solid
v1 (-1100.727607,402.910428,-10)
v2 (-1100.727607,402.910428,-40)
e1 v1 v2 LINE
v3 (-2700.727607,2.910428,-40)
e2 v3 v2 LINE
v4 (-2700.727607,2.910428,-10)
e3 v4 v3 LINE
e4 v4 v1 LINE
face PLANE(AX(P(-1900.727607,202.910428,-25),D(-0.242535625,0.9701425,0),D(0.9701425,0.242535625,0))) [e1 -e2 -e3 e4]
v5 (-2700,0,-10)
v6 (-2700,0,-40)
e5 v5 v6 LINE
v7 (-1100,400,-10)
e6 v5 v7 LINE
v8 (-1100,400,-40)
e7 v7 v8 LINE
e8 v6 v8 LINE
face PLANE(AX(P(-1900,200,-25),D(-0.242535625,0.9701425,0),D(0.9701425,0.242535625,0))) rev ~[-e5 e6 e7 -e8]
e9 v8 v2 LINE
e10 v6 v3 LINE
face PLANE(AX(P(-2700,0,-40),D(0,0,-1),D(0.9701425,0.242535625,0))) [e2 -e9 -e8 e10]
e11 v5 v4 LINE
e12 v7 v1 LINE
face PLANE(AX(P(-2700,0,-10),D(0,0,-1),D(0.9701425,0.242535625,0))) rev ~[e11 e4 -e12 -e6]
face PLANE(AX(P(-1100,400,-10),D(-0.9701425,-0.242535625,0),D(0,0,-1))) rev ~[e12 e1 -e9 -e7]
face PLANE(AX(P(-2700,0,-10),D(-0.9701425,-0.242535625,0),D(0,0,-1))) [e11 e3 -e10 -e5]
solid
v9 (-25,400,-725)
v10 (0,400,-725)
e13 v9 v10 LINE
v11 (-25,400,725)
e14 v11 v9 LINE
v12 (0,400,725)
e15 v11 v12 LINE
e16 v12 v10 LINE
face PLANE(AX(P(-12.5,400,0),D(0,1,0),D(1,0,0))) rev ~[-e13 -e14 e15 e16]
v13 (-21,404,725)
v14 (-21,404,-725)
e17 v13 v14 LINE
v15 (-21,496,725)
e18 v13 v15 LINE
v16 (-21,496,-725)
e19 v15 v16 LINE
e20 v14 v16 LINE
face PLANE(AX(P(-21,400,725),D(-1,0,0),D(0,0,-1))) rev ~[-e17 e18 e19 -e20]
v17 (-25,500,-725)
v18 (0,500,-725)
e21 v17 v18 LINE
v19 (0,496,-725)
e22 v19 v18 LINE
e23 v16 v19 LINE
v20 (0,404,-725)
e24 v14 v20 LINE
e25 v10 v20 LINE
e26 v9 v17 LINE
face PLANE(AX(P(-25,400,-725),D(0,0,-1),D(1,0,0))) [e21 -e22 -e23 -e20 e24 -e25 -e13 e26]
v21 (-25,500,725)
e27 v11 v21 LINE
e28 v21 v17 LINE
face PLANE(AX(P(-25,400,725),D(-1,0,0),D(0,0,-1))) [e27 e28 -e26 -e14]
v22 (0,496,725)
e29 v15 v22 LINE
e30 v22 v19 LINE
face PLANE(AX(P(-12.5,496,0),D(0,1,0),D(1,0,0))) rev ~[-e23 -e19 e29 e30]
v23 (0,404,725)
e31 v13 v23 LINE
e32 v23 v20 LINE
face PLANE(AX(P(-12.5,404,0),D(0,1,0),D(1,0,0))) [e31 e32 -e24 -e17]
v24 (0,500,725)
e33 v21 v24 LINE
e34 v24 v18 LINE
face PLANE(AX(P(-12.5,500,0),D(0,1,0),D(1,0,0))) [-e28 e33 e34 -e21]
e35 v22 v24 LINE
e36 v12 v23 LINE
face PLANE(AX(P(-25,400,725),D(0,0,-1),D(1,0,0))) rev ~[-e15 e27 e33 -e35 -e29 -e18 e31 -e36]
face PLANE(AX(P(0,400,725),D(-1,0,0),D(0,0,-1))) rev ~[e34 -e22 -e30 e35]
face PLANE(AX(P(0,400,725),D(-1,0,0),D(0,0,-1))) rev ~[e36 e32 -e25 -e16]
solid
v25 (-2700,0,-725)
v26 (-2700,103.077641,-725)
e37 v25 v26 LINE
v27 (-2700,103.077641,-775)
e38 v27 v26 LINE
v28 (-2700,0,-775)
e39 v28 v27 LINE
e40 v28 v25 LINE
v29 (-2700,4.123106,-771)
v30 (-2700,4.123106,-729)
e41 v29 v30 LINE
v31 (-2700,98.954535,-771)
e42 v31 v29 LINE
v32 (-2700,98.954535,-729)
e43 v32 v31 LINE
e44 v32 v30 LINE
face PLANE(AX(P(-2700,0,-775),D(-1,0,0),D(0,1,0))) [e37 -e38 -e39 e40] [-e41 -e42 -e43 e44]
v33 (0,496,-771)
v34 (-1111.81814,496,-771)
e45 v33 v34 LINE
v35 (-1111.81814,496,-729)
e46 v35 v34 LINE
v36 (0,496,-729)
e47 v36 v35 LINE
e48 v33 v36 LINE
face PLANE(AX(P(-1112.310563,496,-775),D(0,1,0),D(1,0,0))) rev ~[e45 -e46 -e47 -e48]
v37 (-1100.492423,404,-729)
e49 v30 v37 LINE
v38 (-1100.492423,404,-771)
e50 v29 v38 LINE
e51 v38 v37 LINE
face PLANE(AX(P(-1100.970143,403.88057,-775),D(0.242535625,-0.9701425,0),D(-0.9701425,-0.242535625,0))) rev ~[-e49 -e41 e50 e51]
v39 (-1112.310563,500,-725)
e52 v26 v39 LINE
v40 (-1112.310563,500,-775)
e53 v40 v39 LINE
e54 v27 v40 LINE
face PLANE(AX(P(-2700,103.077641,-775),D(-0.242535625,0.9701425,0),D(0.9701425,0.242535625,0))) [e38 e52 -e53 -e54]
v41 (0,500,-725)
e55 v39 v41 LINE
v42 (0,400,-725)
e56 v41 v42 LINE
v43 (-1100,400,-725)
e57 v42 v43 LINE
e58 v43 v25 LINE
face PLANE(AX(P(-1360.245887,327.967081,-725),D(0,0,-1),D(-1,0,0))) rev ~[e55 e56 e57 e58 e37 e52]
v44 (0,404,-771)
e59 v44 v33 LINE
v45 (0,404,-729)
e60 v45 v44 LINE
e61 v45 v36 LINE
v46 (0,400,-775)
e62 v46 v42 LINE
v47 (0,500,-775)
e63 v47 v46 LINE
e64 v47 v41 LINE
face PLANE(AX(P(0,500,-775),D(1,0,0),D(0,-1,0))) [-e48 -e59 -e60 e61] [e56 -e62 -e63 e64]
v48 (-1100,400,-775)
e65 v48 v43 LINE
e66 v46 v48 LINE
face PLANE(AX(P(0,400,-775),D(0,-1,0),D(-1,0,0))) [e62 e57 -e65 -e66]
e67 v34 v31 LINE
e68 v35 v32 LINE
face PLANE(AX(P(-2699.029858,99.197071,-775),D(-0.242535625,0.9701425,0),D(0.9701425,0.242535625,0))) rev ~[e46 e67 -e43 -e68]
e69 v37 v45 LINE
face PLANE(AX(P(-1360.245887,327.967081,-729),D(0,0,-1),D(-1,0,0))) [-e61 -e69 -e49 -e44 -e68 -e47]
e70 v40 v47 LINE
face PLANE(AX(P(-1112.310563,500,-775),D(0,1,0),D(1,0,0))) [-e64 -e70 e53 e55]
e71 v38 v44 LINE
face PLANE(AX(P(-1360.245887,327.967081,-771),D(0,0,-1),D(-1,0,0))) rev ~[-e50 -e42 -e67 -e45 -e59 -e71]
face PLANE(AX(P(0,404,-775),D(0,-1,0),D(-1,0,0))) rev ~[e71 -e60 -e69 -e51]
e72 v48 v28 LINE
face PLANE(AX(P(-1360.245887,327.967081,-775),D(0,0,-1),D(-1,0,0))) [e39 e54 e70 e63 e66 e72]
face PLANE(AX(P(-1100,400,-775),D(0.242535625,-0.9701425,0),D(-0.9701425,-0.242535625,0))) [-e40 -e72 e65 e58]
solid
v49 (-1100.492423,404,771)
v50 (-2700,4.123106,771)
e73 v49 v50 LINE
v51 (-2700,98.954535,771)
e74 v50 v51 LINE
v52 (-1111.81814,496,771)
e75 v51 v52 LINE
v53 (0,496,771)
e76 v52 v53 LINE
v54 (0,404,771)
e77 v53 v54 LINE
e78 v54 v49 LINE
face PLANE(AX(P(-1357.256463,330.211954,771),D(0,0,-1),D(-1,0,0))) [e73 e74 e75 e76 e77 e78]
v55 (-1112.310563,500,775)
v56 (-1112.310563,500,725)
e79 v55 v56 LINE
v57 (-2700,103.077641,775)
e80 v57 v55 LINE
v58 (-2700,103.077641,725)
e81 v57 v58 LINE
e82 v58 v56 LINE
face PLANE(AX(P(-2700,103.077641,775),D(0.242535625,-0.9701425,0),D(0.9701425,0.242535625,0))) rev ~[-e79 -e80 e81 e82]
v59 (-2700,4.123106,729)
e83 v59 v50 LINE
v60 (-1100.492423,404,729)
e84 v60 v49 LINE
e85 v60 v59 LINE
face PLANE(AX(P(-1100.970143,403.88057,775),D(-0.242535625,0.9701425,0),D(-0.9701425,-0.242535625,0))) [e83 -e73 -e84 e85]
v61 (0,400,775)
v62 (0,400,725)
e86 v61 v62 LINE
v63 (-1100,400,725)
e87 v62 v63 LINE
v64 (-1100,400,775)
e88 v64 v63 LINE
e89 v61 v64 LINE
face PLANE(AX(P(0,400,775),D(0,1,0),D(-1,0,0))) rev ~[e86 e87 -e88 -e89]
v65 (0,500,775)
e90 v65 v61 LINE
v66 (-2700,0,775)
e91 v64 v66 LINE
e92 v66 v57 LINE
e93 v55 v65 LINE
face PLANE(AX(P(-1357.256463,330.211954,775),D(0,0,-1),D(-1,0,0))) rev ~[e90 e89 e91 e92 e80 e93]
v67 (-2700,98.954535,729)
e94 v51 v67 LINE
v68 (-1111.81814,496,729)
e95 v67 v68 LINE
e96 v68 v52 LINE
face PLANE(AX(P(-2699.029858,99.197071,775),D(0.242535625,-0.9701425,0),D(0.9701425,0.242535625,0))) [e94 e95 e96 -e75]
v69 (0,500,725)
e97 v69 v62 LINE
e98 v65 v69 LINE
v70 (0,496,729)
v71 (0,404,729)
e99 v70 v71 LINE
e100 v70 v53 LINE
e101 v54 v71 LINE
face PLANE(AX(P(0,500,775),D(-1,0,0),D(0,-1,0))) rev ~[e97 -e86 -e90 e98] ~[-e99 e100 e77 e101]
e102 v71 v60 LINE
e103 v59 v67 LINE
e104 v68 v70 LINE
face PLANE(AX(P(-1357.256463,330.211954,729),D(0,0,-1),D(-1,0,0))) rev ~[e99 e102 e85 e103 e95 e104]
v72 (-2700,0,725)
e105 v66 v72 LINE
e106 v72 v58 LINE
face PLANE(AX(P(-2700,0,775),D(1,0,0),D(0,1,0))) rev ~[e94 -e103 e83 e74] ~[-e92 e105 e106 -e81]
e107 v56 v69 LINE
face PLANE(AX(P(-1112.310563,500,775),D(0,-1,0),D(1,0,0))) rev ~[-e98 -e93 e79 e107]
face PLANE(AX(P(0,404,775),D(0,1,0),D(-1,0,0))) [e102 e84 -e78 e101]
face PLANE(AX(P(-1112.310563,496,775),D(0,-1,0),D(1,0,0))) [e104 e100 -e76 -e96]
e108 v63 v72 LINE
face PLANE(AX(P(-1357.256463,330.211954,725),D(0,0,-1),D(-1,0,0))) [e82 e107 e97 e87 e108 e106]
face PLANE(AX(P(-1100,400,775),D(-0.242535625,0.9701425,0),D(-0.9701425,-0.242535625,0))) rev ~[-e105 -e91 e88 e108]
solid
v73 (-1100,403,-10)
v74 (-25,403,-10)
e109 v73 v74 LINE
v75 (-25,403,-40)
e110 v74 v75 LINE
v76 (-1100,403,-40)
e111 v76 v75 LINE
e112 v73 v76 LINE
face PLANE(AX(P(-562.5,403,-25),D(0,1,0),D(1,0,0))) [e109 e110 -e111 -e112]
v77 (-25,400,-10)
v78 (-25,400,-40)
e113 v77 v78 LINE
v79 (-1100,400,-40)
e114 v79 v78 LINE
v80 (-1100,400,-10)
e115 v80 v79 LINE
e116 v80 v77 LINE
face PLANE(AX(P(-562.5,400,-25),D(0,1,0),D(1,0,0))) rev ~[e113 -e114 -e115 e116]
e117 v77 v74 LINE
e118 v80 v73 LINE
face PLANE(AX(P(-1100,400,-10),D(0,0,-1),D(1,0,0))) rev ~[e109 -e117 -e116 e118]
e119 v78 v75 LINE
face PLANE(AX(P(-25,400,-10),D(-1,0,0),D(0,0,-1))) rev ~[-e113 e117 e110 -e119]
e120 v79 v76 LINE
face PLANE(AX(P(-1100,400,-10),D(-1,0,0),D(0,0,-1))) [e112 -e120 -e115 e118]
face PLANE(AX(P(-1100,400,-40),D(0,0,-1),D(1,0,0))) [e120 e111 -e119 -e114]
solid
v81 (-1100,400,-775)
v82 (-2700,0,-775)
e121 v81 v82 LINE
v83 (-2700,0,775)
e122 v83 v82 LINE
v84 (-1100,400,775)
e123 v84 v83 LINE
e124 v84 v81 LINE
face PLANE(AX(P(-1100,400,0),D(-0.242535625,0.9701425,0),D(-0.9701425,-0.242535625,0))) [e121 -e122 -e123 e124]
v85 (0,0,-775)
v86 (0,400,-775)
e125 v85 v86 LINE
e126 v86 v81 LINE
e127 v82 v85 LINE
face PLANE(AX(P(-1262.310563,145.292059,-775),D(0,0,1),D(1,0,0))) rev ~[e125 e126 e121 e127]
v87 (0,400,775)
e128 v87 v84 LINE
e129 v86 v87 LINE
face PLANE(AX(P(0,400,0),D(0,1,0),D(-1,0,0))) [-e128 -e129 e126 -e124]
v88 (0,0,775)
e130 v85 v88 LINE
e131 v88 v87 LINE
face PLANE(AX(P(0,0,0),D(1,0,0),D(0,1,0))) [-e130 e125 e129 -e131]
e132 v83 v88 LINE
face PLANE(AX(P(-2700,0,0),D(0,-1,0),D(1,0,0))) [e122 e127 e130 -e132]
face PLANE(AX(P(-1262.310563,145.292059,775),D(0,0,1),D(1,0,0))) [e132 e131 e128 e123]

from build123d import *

# Parameters (mm, degrees)
BOSS_EXTRUDE1_DEPTH      = 775
BOSS_EXTRUDE1_DEPTH_BACK = 775
BOSS_EXTRUDE2_DEPTH      = 50
SHELL1_T                 = -4
BOSS_EXTRUDE3_DEPTH      = 50
SHELL2_T                 = -4
SKETCH5_W                = 25
SKETCH5_H                = 1450
BOSS_EXTRUDE4_DEPTH      = 100
SHELL3_T                 = -4
SKETCH7_W                = 1075
SKETCH7_H                = 30
BOSS_EXTRUDE5_DEPTH      = 3
SKETCH8_W                = 1649.242250247
SKETCH8_H                = 30
BOSS_EXTRUDE6_DEPTH      = 3


with BuildPart() as part:
    # Sketch1 → Boss-Extrude1 (new, two sides: drawn at the far end of the back side and taken through both)
    with BuildSketch(Plane.XY.offset(-BOSS_EXTRUDE1_DEPTH_BACK)):
        Polygon((-2700, 0), (0, 0), (0, 400), (-1100, 400), align=None)
    extrude(amount=BOSS_EXTRUDE1_DEPTH + BOSS_EXTRUDE1_DEPTH_BACK)


with BuildPart() as body_2:
    # Sketch3 → Boss-Extrude2 (new body)
    with BuildSketch(Plane.XY.offset(775)):
        Polygon((-2700, 103.07764064), (-2700, 0), (-1100, 400), (0, 400), (0, 500), (-1112.310562562, 500), align=None)
    extrude(amount=-BOSS_EXTRUDE2_DEPTH)

    # Shell1
    shell1_openings = [body_2.faces().sort_by_distance(p)[0] for p in [
        (0, 450, 750),
        (-2700, 51.53882032, 750),
    ]]
    offset(amount=SHELL1_T, openings=shell1_openings, kind=Kind.INTERSECTION)


with BuildPart() as body_3:
    # Sketch4 → Boss-Extrude3 (new body)
    with BuildSketch(Plane(origin=(0, 0, -775), x_dir=(-1, 0, 0), z_dir=(0, 0, -1))):
        Polygon((2700, 0), (2700, 103.07764064), (1112.310562562, 500), (0, 500), (0, 400), (1100, 400), align=None)
    extrude(amount=-BOSS_EXTRUDE3_DEPTH)

    # Shell2
    shell2_openings = [body_3.faces().sort_by_distance(p)[0] for p in [
        (0, 450, -750),
        (-2700, 51.53882032, -750),
    ]]
    offset(amount=SHELL2_T, openings=shell2_openings, kind=Kind.INTERSECTION)


with BuildPart() as body_4:
    # Sketch5 → Boss-Extrude4 (new body)
    with BuildSketch(Plane(origin=(0, 400, 0), x_dir=(1, 0, 0), z_dir=(0, 1, 0))):
        with Locations((-12.5, 0)):
            Rectangle(SKETCH5_W, SKETCH5_H)
    extrude(amount=BOSS_EXTRUDE4_DEPTH)

    # Shell3
    shell3_openings = [body_4.faces().sort_by_distance(p)[0] for p in [
        (-12.5, 450, -725),
        (0, 450, 0),
        (-12.5, 450, 725),
    ]]
    offset(amount=SHELL3_T, openings=shell3_openings, kind=Kind.INTERSECTION)


with BuildPart() as body_5:
    # Sketch7 → Boss-Extrude5 (new body)
    with BuildSketch(Plane(origin=(0, 400, 0), x_dir=(1, 0, 0), z_dir=(0, 1, 0))):
        with Locations((-562.5, 25)):
            Rectangle(SKETCH7_W, SKETCH7_H)
    extrude(amount=BOSS_EXTRUDE5_DEPTH)


with BuildPart() as body_6:
    # Sketch8 → Boss-Extrude6 (new body)
    with BuildSketch(Plane(origin=(-158.823529412, 635.294117647, 0), x_dir=(0.970142500145332, 0.24253562503633297, 0), z_dir=(-0.24253562503633297, 0.970142500145332, 0))):
        with Locations((-1794.763625269, 25)):
            Rectangle(SKETCH8_W, SKETCH8_H)
    extrude(amount=BOSS_EXTRUDE6_DEPTH)


solid = Compound([part.part, body_2.part, body_3.part, body_4.part, body_5.part, body_6.part])
